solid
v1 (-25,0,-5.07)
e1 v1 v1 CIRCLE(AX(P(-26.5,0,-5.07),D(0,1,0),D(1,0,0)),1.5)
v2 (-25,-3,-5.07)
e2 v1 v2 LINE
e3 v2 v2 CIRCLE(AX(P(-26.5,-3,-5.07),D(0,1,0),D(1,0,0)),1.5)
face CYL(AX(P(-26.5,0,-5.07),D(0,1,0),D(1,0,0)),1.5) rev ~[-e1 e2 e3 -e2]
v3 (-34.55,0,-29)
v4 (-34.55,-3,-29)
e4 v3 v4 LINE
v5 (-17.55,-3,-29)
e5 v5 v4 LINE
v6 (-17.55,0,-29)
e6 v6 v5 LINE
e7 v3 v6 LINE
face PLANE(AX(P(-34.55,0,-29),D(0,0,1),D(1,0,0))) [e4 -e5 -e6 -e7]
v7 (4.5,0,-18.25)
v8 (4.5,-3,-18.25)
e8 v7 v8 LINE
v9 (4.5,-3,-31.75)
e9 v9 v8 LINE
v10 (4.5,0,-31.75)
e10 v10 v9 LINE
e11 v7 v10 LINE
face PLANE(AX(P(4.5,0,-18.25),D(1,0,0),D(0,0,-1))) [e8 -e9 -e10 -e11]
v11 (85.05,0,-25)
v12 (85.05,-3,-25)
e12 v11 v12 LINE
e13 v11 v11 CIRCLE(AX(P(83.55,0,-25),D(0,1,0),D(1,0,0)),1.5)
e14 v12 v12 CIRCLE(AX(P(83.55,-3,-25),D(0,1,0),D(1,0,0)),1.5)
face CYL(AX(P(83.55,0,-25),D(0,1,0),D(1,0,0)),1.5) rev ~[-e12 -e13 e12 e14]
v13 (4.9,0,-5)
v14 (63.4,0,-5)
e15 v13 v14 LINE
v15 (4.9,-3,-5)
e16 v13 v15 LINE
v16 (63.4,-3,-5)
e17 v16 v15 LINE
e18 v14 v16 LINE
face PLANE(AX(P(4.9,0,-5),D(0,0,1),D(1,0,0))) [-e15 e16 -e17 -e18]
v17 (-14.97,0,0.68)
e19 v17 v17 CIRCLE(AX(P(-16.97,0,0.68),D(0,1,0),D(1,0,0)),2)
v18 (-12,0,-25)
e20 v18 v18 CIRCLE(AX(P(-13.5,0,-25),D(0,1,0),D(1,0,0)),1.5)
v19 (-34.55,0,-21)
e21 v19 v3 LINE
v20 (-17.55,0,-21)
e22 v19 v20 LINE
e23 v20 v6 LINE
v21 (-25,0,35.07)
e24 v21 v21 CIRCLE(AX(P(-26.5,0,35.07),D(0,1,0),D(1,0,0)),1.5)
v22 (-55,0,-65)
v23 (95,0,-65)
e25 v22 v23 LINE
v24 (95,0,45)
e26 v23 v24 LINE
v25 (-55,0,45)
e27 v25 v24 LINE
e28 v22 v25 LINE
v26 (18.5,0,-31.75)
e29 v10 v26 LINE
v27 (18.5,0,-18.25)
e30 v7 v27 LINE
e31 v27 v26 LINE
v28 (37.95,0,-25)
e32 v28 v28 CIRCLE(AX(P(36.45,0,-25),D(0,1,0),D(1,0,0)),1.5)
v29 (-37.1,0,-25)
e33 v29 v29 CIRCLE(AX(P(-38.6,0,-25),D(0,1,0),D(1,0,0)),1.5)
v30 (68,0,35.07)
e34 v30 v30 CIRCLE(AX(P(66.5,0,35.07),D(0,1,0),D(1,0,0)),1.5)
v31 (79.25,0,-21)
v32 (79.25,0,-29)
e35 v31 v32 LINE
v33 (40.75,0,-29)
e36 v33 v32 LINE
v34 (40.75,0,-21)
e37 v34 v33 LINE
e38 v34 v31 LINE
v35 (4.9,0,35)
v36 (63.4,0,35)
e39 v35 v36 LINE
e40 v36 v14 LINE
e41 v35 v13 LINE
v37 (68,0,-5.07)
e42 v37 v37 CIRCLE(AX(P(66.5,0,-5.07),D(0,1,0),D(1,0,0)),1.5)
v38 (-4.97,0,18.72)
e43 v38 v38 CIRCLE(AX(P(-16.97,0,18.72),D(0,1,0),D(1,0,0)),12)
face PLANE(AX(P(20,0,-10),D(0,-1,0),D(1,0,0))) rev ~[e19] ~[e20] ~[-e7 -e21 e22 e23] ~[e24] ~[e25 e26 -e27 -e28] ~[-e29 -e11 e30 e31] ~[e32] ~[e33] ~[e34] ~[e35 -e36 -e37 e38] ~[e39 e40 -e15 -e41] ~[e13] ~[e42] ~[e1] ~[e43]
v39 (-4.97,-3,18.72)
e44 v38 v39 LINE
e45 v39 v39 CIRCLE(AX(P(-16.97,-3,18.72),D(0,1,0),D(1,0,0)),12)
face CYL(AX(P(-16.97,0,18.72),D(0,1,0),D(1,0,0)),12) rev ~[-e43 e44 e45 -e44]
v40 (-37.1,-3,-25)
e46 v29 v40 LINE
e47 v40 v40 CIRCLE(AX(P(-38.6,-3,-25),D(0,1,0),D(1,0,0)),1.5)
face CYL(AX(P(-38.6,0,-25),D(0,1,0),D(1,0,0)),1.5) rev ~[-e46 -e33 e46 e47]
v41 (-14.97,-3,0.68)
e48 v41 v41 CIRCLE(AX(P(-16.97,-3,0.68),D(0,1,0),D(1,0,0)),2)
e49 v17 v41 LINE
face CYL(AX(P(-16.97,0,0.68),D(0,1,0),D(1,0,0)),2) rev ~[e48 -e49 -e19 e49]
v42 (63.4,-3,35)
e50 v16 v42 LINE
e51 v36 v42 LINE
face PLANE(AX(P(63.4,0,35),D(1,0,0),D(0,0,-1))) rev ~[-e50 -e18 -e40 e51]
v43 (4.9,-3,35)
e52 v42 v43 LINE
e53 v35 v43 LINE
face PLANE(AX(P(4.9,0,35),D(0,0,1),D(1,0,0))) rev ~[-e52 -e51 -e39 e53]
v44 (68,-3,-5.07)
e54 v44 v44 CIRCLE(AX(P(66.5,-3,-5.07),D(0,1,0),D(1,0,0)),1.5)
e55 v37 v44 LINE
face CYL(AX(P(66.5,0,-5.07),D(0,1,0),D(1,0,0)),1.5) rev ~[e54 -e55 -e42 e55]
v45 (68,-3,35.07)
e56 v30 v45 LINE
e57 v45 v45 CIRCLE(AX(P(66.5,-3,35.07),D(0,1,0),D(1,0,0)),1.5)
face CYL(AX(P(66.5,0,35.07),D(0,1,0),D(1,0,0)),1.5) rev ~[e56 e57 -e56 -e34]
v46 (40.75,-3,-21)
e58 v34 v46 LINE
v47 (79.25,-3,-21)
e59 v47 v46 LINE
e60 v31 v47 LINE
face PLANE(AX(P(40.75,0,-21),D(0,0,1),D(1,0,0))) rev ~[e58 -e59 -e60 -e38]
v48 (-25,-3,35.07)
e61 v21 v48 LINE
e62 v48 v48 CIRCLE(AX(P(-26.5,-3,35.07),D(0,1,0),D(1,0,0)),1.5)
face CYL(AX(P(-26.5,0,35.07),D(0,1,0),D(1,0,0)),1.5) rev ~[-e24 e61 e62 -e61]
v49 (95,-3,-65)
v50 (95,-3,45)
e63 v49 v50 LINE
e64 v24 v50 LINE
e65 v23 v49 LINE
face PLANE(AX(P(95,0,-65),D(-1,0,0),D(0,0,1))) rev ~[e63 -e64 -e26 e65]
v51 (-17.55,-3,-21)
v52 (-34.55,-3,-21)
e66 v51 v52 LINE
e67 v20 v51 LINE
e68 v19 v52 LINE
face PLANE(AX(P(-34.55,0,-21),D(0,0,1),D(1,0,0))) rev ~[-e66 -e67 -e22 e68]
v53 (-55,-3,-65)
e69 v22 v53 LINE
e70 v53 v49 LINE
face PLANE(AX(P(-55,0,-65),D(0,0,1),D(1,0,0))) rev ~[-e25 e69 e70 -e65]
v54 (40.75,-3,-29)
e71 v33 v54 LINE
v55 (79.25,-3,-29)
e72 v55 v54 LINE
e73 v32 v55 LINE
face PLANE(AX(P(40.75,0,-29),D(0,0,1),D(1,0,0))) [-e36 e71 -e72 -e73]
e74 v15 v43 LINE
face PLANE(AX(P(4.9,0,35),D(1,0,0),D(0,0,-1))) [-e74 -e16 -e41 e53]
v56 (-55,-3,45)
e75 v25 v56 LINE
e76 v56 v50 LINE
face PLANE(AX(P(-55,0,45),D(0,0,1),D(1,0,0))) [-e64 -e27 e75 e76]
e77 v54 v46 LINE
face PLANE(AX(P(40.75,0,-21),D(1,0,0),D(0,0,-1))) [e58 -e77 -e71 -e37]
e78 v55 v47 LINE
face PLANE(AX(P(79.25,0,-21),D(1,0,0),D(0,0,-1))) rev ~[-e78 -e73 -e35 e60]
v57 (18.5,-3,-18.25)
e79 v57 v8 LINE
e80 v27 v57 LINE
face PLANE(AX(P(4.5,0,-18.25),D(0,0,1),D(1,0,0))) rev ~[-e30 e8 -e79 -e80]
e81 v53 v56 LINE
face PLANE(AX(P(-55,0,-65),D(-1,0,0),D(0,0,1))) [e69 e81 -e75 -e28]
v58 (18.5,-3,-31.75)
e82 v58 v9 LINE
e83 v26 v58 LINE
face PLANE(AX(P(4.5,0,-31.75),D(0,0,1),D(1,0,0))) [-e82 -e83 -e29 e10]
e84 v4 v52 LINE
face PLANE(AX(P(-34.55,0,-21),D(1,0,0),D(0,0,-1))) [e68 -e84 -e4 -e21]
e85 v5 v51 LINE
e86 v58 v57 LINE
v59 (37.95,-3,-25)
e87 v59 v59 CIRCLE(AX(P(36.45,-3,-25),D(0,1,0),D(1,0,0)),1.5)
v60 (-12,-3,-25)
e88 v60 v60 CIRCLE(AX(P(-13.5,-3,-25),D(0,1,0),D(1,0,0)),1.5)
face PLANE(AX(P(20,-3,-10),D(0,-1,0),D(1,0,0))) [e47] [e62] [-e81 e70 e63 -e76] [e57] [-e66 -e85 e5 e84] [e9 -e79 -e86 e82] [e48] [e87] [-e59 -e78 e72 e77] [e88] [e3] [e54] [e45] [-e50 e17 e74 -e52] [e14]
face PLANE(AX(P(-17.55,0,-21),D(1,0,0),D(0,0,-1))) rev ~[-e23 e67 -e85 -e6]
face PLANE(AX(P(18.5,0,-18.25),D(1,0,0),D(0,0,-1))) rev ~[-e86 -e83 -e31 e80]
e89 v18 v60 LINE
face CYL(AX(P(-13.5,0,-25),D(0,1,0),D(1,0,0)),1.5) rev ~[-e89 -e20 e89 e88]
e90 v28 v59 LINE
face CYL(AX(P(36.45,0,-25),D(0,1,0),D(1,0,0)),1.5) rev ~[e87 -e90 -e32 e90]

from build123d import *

# Parameters (mm, degrees)
SKETCH_W        = 150
SKETCH_H        = 110
PAD_DEPTH       = 3
SKETCH001_R     = 1.5
SKETCH001_R_2   = 12
SKETCH001_R_3   = 2
SKETCH001_W     = 58.5
SKETCH001_H     = 40
POCKET_DEPTH    = 3.001
SKETCH002_R     = 1.5
SKETCH002_W     = 38.5
SKETCH002_H     = 8
SKETCH002_W_2   = 14
SKETCH002_H_2   = 13.5
SKETCH002_W_3   = 17
POCKET001_DEPTH = 3.001


with BuildPart() as part:
    # Sketch → Pad (new body)
    with BuildSketch(Plane.XZ):
        with Locations((20, -10)):
            Rectangle(SKETCH_W, SKETCH_H)
    extrude(amount=PAD_DEPTH)

    # Sketch001 (on Face5 of Pad) → Pocket (cut, through all)
    with BuildSketch(Plane(origin=(0, 0, 0), x_dir=(1, 0, 0), z_dir=(0, 1, 0))):
        with Locations((-26.5, 5.07)):
            Circle(SKETCH001_R)
        with Locations((-26.5, -35.07)):
            Circle(SKETCH001_R)
        with Locations((66.5, -35.07)):
            Circle(SKETCH001_R)
        with Locations((66.5, 5.07)):
            Circle(SKETCH001_R)
        with Locations((-16.97, -18.72)):
            Circle(SKETCH001_R_2)
        with Locations((-16.97, -0.68)):
            Circle(SKETCH001_R_3)
        with Locations((34.15, -15)):
            Rectangle(SKETCH001_W, SKETCH001_H)
    extrude(amount=-POCKET_DEPTH, mode=Mode.SUBTRACT)

    # Sketch002 (on Face4 of Pocket) → Pocket001 (cut, through all)
    with BuildSketch(Plane(origin=(0, 0, 0), x_dir=(1, 0, 0), z_dir=(0, 1, 0))):
        with Locations((36.45, 25)):
            Circle(SKETCH002_R)
        with Locations((83.55, 25)):
            Circle(SKETCH002_R)
        with Locations((-38.6, 25)):
            Circle(SKETCH002_R)
        with Locations((-13.5, 25)):
            Circle(SKETCH002_R)
        with Locations((60, 25)):
            Rectangle(SKETCH002_W, SKETCH002_H)
        with Locations((11.5, 25)):
            Rectangle(SKETCH002_W_2, SKETCH002_H_2)
        with Locations((-26.05, 25)):
            Rectangle(SKETCH002_W_3, SKETCH002_H)
    extrude(amount=-POCKET001_DEPTH, mode=Mode.SUBTRACT)


solid = part.part
